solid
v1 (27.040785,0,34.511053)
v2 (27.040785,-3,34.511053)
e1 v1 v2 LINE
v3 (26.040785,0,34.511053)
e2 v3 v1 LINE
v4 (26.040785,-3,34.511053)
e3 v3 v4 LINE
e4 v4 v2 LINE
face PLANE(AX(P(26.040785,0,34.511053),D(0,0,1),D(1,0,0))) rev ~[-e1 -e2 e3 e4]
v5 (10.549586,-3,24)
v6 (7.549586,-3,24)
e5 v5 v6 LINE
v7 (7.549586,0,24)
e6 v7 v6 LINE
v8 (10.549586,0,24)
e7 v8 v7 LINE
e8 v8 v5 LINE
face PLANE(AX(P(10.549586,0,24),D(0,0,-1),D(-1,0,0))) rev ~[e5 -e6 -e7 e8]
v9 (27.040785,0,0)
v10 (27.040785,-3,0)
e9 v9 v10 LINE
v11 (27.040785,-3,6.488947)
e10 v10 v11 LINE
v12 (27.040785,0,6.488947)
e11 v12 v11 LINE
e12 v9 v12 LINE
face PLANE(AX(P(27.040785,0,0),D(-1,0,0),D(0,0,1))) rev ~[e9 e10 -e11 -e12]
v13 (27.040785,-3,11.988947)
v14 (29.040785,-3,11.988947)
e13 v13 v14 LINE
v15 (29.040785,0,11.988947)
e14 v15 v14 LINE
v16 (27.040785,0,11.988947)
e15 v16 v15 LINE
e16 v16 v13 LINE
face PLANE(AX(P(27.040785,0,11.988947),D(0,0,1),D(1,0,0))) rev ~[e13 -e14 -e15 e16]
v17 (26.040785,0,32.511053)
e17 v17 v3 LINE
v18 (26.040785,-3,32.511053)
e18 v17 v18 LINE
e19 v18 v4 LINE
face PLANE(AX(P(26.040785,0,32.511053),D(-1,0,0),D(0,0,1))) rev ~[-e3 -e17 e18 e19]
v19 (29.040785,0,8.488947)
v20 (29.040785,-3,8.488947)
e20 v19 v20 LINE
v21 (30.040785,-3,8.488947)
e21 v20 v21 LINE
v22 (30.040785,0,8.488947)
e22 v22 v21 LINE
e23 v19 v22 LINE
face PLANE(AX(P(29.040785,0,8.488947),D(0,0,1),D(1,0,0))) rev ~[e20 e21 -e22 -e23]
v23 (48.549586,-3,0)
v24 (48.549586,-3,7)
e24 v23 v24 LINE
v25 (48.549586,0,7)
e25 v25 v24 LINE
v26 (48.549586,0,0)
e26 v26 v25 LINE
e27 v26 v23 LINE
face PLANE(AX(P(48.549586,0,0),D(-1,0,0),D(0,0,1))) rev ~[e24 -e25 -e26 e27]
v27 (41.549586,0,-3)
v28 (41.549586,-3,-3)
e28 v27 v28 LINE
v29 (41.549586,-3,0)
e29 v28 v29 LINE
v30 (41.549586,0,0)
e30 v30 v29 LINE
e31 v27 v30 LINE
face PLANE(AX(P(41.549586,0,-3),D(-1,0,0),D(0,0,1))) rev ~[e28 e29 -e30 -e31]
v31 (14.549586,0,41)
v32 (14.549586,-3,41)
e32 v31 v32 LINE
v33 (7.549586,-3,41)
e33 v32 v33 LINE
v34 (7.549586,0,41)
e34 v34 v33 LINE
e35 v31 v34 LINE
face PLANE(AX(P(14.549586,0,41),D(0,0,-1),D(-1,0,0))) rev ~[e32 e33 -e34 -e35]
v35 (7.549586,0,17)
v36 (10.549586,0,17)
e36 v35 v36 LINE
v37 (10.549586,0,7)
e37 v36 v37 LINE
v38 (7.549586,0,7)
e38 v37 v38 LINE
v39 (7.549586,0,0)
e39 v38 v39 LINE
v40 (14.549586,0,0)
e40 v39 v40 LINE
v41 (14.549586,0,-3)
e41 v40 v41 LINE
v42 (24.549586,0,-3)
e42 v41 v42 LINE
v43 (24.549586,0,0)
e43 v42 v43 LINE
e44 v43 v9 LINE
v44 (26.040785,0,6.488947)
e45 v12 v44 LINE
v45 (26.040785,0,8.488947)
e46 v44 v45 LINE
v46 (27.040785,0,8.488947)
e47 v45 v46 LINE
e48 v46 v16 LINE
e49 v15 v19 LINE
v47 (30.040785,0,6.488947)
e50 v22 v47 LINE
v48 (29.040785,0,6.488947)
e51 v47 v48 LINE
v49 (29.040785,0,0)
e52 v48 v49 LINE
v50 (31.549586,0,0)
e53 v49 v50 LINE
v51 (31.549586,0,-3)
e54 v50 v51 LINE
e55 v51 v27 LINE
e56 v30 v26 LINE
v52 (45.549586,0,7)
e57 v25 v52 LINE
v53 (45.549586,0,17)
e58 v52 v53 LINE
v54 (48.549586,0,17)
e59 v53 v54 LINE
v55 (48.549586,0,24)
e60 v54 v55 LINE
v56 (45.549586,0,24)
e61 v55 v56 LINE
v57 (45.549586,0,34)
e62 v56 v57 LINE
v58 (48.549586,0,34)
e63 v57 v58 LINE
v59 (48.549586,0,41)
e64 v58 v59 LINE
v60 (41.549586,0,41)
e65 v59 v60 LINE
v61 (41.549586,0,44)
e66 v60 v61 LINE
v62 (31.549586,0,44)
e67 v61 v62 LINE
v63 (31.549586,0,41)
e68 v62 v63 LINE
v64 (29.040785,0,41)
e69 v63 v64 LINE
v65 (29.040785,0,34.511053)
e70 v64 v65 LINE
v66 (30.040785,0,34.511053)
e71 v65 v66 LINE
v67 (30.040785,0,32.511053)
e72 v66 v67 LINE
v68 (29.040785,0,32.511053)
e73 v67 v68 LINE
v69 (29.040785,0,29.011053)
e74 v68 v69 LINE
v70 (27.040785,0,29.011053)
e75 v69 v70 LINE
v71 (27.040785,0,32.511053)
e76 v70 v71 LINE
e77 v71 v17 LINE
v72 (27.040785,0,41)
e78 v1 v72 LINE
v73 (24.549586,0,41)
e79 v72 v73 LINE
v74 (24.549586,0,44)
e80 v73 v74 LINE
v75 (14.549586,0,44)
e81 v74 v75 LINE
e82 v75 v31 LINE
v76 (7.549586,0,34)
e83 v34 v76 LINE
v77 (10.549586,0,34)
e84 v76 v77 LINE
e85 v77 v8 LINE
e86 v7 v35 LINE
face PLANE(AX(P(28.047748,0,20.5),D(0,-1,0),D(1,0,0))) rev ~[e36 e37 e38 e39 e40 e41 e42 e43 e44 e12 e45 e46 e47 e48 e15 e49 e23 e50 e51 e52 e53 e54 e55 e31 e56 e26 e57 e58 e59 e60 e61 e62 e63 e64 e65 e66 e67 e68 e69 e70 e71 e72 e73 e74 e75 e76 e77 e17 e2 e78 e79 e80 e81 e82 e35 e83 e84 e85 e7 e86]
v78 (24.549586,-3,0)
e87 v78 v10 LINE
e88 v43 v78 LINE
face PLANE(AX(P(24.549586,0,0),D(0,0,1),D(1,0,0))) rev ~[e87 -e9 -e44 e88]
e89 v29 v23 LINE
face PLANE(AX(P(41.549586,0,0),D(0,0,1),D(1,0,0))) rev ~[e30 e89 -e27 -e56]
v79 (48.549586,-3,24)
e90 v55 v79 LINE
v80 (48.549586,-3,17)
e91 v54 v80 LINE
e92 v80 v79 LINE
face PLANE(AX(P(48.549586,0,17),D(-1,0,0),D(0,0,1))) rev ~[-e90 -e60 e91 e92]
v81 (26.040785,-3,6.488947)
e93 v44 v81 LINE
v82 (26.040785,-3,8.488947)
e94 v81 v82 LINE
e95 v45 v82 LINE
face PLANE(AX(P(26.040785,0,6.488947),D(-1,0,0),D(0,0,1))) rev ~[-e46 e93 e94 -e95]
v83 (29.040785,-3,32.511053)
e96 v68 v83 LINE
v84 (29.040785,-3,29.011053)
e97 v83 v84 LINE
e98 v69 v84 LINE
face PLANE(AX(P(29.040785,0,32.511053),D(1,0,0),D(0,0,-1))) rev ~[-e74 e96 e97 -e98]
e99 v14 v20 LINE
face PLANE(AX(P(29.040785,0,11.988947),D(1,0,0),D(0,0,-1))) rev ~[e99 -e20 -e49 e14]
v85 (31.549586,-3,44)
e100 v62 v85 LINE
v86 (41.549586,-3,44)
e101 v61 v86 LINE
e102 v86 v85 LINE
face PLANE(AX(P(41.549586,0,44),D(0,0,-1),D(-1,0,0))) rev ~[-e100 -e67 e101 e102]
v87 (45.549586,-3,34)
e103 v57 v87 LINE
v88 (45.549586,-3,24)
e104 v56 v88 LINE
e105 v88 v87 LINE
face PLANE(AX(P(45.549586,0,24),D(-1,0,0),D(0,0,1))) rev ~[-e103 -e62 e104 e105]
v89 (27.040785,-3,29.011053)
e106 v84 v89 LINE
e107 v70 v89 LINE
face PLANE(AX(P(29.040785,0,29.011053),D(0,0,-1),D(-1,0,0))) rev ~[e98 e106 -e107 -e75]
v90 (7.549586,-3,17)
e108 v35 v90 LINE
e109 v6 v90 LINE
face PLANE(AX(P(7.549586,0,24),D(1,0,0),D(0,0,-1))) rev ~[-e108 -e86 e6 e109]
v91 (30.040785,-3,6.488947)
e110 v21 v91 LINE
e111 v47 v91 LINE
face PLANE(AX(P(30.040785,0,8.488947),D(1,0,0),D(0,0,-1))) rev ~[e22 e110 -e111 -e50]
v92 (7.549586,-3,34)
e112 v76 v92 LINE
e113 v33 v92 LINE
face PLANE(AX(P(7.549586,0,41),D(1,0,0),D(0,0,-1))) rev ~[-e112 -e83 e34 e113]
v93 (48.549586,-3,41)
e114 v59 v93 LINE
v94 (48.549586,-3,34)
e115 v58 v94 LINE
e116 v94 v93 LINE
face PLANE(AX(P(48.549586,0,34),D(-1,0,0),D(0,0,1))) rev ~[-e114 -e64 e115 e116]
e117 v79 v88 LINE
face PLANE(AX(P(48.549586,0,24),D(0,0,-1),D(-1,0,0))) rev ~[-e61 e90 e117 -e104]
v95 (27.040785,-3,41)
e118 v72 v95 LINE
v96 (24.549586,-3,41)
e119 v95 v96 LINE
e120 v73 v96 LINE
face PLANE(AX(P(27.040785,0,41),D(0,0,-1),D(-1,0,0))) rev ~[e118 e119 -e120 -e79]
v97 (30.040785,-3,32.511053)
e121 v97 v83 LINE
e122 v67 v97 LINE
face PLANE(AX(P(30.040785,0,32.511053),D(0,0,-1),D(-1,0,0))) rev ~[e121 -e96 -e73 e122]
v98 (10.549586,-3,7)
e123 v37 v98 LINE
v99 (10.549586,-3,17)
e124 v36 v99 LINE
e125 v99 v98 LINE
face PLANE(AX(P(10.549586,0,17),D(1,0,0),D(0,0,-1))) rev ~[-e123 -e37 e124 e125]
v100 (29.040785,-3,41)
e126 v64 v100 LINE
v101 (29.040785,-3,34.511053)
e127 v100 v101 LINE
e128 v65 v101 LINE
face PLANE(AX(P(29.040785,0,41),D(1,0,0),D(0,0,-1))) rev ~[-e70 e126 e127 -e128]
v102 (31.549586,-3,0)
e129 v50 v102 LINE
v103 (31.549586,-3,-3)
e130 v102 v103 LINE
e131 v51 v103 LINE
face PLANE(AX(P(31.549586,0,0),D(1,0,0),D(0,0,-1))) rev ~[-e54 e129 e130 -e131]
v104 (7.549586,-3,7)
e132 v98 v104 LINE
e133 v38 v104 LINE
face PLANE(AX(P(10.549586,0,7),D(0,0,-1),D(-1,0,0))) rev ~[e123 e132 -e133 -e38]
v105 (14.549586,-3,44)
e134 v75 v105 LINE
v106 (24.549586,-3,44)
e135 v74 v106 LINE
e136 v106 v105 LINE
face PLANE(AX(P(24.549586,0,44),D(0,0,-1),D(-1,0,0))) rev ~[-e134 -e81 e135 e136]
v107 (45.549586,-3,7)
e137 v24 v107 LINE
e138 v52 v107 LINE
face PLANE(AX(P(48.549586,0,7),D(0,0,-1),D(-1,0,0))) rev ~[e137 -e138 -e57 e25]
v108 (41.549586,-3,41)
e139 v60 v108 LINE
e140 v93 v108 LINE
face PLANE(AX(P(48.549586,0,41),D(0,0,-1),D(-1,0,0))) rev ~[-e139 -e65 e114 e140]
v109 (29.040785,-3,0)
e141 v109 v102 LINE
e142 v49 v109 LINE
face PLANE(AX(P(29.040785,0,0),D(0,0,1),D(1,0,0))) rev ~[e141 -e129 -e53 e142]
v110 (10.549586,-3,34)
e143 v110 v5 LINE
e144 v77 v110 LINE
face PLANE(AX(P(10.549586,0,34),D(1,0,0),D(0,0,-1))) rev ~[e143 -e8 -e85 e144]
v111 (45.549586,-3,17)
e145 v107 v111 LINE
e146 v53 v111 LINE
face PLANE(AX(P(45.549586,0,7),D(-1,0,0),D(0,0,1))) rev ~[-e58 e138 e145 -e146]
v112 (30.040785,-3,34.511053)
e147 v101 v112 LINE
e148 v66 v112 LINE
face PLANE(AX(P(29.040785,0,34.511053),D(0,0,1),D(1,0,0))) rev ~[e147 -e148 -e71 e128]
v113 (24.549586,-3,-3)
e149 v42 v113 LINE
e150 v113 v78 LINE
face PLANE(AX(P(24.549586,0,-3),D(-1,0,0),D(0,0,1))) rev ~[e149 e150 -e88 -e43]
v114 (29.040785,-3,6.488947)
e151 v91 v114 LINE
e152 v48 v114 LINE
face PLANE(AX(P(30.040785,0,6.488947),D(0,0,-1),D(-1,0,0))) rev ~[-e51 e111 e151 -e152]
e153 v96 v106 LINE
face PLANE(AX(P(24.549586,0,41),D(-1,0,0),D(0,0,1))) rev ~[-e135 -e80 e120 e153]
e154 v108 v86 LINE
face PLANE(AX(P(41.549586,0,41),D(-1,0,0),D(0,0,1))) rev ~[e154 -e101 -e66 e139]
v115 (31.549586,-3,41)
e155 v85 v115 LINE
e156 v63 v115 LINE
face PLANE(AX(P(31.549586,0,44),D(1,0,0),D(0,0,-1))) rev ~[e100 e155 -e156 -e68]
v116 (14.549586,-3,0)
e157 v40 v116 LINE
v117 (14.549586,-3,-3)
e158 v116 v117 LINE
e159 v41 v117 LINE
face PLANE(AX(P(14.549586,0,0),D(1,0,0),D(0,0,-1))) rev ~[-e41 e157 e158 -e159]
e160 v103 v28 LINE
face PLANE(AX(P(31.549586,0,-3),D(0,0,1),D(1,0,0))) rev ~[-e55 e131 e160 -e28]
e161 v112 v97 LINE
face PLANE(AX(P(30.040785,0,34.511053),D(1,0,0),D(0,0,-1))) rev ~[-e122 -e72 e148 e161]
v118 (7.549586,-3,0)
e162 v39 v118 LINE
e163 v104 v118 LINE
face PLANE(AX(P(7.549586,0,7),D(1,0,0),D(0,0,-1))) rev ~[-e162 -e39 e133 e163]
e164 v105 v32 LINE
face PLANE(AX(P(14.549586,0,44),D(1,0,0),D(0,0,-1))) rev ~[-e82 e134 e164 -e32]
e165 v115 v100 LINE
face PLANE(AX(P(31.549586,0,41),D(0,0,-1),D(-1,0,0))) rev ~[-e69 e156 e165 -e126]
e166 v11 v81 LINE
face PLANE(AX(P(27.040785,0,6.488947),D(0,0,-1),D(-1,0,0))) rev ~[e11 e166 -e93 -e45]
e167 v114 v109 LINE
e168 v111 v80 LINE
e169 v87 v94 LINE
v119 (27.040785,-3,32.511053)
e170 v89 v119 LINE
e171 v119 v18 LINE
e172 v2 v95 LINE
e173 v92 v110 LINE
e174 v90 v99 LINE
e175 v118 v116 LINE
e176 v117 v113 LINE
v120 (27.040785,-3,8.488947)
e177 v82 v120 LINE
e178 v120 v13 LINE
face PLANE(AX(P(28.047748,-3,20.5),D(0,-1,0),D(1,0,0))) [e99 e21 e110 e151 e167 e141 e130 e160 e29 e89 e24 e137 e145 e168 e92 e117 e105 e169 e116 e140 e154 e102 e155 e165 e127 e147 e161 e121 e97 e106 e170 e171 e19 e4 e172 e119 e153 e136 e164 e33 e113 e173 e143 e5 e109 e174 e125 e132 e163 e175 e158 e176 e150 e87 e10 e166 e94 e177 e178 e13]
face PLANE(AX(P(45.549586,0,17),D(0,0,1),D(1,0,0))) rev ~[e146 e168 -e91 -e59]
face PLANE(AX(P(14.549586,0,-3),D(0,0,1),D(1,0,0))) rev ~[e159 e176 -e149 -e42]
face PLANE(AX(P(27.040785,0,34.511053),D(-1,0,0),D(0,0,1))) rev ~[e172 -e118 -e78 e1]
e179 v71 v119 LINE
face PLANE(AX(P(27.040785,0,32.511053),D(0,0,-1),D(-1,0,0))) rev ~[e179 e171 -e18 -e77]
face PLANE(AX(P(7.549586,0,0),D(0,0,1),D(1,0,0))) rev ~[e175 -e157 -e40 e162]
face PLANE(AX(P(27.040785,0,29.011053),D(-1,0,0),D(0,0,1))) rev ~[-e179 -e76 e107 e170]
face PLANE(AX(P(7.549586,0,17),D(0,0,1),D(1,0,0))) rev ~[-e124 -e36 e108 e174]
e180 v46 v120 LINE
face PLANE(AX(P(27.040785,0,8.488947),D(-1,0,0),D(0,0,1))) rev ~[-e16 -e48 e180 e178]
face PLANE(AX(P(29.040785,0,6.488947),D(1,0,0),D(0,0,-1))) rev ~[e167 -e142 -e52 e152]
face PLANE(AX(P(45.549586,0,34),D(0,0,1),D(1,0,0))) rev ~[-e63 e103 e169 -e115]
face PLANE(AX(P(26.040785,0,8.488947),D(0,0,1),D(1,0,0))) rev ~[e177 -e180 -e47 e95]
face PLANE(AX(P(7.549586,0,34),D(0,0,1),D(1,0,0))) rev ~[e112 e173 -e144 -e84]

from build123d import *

# Parameters (mm, degrees)
F1_DEPTH = 3


with BuildPart() as f1:
    # F0 (on Front) → F1 (new body)
    with BuildSketch(Plane.XZ):
        Polygon((7.549586, 7), (7.549586, 0), (14.549586, 0), (14.549586, -3), (24.549586, -3), (24.549586, 0), (27.040785, 0), (27.040785, 6.488947), (26.040785, 6.488947), (26.040785, 8.488947), (27.040785, 8.488947), (27.040785, 11.988947), (29.040785, 11.988947), (29.040785, 8.488947), (30.040785, 8.488947), (30.040785, 6.488947), (29.040785, 6.488947), (29.040785, 0), (31.549586, 0), (31.549586, -3), (41.549586, -3), (41.549586, 0), (48.549586, 0), (48.549586, 7), (45.549586, 7), (45.549586, 17), (48.549586, 17), (48.549586, 24), (45.549586, 24), (45.549586, 34), (48.549586, 34), (48.549586, 41), (41.549586, 41), (41.549586, 44), (31.549586, 44), (31.549586, 41), (29.040785, 41), (29.040785, 34.511053), (30.040785, 34.511053), (30.040785, 32.511053), (29.040785, 32.511053), (29.040785, 29.011053), (27.040785, 29.011053), (27.040785, 32.511053), (26.040785, 32.511053), (26.040785, 34.511053), (27.040785, 34.511053), (27.040785, 41), (24.549586, 41), (24.549586, 44), (14.549586, 44), (14.549586, 41), (7.549586, 41), (7.549586, 34), (10.549586, 34), (10.549586, 24), (7.549586, 24), (7.549586, 17), (10.549586, 17), (10.549586, 7), align=None)
    extrude(amount=F1_DEPTH)


solid = f1.part
